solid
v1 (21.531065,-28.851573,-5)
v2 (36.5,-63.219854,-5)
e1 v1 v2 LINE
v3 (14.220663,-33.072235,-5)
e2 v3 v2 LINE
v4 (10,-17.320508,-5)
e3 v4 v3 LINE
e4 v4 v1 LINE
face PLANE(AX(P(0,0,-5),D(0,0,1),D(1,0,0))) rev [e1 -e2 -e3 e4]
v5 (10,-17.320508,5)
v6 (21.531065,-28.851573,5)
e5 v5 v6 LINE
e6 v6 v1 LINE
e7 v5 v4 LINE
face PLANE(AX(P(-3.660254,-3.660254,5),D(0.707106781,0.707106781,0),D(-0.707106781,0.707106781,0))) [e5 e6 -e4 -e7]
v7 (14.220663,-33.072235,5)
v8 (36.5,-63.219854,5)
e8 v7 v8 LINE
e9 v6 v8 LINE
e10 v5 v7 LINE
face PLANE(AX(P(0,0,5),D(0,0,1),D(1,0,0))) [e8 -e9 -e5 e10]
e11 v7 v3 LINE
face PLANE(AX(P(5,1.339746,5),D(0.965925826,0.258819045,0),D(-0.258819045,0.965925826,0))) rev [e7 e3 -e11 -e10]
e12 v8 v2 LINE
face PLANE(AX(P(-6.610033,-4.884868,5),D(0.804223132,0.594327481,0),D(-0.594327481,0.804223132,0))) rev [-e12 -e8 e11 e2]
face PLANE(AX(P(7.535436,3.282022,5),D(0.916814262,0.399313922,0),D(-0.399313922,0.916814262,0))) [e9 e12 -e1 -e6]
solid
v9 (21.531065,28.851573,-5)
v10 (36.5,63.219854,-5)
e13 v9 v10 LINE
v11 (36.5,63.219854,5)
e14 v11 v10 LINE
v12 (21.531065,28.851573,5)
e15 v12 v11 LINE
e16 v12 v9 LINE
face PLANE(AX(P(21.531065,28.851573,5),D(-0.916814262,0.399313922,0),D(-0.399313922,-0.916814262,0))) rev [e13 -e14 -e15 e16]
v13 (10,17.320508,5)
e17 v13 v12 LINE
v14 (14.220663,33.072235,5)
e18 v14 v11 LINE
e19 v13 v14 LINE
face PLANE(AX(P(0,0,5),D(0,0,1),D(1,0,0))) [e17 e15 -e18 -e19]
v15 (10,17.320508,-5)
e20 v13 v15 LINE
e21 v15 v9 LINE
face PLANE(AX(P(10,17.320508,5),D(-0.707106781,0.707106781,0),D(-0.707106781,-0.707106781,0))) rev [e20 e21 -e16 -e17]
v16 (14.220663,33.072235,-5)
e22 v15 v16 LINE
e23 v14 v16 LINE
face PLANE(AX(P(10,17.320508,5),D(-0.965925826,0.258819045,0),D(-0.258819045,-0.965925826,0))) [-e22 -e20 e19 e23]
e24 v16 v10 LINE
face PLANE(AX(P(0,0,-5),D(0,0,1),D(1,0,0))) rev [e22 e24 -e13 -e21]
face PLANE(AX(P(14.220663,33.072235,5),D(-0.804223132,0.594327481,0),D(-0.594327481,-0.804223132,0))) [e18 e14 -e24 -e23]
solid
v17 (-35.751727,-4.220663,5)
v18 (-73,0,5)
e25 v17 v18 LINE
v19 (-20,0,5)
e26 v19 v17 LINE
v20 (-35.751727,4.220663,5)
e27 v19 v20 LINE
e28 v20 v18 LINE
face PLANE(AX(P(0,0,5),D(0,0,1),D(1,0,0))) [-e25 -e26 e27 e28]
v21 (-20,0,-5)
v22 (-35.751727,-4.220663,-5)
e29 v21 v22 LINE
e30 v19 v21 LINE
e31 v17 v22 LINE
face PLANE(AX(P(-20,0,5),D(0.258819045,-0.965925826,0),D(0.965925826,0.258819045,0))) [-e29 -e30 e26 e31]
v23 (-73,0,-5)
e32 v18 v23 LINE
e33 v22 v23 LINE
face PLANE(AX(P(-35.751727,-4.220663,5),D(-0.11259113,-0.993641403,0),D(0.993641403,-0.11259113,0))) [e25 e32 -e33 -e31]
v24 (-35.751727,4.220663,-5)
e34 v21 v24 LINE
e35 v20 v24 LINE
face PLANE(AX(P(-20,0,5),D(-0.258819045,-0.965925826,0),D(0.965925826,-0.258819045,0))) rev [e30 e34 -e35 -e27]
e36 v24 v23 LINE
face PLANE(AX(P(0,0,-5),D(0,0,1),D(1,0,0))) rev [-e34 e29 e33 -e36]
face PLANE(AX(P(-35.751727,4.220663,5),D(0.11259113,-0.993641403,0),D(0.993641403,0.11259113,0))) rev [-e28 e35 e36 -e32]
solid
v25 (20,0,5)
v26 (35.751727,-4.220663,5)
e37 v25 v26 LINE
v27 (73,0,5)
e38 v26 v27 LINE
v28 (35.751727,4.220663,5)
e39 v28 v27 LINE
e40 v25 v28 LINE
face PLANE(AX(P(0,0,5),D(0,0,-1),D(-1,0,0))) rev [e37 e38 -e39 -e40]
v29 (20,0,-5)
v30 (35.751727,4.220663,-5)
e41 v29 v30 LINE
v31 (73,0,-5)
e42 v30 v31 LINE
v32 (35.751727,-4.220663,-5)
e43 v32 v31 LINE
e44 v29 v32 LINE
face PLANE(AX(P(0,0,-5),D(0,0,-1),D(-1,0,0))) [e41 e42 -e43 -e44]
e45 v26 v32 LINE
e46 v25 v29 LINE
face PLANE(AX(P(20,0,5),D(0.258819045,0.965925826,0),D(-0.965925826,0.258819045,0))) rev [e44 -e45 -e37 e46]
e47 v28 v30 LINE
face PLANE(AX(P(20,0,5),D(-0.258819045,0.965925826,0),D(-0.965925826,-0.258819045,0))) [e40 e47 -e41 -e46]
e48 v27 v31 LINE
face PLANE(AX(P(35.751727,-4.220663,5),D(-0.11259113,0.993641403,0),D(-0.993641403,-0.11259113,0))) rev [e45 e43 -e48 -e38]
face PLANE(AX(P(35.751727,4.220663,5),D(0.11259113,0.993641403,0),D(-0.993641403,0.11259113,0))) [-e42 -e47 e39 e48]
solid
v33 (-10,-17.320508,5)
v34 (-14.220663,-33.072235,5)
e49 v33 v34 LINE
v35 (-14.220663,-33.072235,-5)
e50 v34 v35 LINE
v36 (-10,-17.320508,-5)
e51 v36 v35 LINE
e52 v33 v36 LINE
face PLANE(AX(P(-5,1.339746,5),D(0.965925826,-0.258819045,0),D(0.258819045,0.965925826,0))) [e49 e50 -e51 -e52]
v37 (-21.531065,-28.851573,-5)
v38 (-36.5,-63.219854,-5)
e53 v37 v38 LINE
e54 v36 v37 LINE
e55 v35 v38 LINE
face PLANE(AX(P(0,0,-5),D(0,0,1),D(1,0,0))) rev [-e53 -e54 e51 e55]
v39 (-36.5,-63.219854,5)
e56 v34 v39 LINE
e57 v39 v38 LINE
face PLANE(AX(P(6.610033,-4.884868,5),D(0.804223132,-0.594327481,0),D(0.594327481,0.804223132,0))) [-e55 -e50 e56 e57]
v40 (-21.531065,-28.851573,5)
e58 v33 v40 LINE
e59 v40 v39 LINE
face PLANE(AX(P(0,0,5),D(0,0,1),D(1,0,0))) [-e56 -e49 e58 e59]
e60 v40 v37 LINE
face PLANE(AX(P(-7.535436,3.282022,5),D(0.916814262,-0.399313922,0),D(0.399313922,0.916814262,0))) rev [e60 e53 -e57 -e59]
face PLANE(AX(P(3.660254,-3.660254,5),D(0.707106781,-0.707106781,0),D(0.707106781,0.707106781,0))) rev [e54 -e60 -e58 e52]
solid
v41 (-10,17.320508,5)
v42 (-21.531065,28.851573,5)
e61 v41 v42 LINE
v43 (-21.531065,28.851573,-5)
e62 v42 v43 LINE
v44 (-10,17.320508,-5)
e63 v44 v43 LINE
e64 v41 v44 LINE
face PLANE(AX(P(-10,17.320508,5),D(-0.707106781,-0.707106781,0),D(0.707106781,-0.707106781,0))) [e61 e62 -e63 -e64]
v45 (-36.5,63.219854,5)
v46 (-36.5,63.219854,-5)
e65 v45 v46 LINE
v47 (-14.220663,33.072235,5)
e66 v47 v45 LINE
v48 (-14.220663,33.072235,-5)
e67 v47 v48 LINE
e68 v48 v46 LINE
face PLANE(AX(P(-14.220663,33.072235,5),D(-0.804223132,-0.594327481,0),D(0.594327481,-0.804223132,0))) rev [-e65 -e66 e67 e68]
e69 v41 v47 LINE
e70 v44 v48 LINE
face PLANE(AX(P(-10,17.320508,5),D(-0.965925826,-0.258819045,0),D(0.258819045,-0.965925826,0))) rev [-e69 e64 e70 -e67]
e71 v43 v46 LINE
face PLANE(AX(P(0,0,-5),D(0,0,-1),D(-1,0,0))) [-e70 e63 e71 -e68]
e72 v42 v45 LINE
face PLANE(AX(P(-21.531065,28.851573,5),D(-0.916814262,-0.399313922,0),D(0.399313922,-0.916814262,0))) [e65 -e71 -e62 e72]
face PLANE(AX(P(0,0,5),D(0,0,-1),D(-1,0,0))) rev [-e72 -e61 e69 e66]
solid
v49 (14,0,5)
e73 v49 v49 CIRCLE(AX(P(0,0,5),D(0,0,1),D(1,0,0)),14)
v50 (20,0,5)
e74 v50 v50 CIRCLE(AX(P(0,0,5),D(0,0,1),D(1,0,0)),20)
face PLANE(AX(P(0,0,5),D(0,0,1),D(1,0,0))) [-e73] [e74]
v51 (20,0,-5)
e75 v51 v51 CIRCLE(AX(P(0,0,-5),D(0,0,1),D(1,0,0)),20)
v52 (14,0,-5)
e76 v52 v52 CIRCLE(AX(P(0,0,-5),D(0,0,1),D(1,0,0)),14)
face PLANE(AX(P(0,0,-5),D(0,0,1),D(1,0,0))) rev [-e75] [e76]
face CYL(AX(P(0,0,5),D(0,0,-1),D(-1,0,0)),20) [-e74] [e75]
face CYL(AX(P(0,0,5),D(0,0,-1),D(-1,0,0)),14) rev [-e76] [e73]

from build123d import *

# Parameters (mm, degrees)
SKETCH1_R             = 20
SKETCH1_R_2           = 14
BOSS_EXTRUDE1_DEPTH   = 5
BOSS_EXTRUDE1_2_DEPTH = 5
BOSS_EXTRUDE1_3_DEPTH = 5
BOSS_EXTRUDE1_4_DEPTH = 5
BOSS_EXTRUDE1_5_DEPTH = 5
BOSS_EXTRUDE1_6_DEPTH = 5
BOSS_EXTRUDE1_7_DEPTH = 5


with BuildPart() as part:
    # Sketch1 → Boss-Extrude1 (new, symmetric)
    with BuildSketch(Plane.XY):
        Circle(SKETCH1_R)
        Circle(SKETCH1_R_2, mode=Mode.SUBTRACT)
    extrude(amount=BOSS_EXTRUDE1_DEPTH, both=True)


with BuildPart() as body_2:
    # Sketch1 → Boss-Extrude1 2 (new, symmetric)
    with BuildSketch(Plane.XY):
        Polygon((-10, -17.320508076), (-14.220662617, -33.072235406), (-36.5, -63.219854476), (-21.531064712, -28.851572788), align=None)
    extrude(amount=BOSS_EXTRUDE1_2_DEPTH, both=True)


with BuildPart() as body_3:
    # Sketch1 → Boss-Extrude1 3 (new, symmetric)
    with BuildSketch(Plane.XY):
        Polygon((10, -17.320508076), (21.531064712, -28.851572788), (36.5, -63.219854476), (14.220662617, -33.072235406), align=None)
    extrude(amount=BOSS_EXTRUDE1_3_DEPTH, both=True)


with BuildPart() as body_4:
    # Sketch1 → Boss-Extrude1 4 (new, symmetric)
    with BuildSketch(Plane.XY):
        Polygon((-10, 17.320508076), (-14.220662617, 33.072235406), (-36.5, 63.219854476), (-21.531064712, 28.851572788), align=None)
    extrude(amount=BOSS_EXTRUDE1_4_DEPTH, both=True)


with BuildPart() as body_5:
    # Sketch1 → Boss-Extrude1 5 (new, symmetric)
    with BuildSketch(Plane.XY):
        Polygon((-35.75172733, 4.220662617), (-73, 0), (-35.75172733, -4.220662617), (-20, 0), align=None)
    extrude(amount=BOSS_EXTRUDE1_5_DEPTH, both=True)


with BuildPart() as body_6:
    # Sketch1 → Boss-Extrude1 6 (new, symmetric)
    with BuildSketch(Plane.XY):
        Polygon((35.75172733, 4.220662617), (73, 0), (35.75172733, -4.220662617), (20, 0), align=None)
    extrude(amount=BOSS_EXTRUDE1_6_DEPTH, both=True)


with BuildPart() as body_7:
    # Sketch1 → Boss-Extrude1 7 (new, symmetric)
    with BuildSketch(Plane.XY):
        Polygon((21.531064712, 28.851572788), (36.5, 63.219854476), (14.220662617, 33.072235406), (10, 17.320508076), align=None)
    extrude(amount=BOSS_EXTRUDE1_7_DEPTH, both=True)


solid = Compound([part.part, body_2.part, body_3.part, body_4.part, body_5.part, body_6.part, body_7.part])
